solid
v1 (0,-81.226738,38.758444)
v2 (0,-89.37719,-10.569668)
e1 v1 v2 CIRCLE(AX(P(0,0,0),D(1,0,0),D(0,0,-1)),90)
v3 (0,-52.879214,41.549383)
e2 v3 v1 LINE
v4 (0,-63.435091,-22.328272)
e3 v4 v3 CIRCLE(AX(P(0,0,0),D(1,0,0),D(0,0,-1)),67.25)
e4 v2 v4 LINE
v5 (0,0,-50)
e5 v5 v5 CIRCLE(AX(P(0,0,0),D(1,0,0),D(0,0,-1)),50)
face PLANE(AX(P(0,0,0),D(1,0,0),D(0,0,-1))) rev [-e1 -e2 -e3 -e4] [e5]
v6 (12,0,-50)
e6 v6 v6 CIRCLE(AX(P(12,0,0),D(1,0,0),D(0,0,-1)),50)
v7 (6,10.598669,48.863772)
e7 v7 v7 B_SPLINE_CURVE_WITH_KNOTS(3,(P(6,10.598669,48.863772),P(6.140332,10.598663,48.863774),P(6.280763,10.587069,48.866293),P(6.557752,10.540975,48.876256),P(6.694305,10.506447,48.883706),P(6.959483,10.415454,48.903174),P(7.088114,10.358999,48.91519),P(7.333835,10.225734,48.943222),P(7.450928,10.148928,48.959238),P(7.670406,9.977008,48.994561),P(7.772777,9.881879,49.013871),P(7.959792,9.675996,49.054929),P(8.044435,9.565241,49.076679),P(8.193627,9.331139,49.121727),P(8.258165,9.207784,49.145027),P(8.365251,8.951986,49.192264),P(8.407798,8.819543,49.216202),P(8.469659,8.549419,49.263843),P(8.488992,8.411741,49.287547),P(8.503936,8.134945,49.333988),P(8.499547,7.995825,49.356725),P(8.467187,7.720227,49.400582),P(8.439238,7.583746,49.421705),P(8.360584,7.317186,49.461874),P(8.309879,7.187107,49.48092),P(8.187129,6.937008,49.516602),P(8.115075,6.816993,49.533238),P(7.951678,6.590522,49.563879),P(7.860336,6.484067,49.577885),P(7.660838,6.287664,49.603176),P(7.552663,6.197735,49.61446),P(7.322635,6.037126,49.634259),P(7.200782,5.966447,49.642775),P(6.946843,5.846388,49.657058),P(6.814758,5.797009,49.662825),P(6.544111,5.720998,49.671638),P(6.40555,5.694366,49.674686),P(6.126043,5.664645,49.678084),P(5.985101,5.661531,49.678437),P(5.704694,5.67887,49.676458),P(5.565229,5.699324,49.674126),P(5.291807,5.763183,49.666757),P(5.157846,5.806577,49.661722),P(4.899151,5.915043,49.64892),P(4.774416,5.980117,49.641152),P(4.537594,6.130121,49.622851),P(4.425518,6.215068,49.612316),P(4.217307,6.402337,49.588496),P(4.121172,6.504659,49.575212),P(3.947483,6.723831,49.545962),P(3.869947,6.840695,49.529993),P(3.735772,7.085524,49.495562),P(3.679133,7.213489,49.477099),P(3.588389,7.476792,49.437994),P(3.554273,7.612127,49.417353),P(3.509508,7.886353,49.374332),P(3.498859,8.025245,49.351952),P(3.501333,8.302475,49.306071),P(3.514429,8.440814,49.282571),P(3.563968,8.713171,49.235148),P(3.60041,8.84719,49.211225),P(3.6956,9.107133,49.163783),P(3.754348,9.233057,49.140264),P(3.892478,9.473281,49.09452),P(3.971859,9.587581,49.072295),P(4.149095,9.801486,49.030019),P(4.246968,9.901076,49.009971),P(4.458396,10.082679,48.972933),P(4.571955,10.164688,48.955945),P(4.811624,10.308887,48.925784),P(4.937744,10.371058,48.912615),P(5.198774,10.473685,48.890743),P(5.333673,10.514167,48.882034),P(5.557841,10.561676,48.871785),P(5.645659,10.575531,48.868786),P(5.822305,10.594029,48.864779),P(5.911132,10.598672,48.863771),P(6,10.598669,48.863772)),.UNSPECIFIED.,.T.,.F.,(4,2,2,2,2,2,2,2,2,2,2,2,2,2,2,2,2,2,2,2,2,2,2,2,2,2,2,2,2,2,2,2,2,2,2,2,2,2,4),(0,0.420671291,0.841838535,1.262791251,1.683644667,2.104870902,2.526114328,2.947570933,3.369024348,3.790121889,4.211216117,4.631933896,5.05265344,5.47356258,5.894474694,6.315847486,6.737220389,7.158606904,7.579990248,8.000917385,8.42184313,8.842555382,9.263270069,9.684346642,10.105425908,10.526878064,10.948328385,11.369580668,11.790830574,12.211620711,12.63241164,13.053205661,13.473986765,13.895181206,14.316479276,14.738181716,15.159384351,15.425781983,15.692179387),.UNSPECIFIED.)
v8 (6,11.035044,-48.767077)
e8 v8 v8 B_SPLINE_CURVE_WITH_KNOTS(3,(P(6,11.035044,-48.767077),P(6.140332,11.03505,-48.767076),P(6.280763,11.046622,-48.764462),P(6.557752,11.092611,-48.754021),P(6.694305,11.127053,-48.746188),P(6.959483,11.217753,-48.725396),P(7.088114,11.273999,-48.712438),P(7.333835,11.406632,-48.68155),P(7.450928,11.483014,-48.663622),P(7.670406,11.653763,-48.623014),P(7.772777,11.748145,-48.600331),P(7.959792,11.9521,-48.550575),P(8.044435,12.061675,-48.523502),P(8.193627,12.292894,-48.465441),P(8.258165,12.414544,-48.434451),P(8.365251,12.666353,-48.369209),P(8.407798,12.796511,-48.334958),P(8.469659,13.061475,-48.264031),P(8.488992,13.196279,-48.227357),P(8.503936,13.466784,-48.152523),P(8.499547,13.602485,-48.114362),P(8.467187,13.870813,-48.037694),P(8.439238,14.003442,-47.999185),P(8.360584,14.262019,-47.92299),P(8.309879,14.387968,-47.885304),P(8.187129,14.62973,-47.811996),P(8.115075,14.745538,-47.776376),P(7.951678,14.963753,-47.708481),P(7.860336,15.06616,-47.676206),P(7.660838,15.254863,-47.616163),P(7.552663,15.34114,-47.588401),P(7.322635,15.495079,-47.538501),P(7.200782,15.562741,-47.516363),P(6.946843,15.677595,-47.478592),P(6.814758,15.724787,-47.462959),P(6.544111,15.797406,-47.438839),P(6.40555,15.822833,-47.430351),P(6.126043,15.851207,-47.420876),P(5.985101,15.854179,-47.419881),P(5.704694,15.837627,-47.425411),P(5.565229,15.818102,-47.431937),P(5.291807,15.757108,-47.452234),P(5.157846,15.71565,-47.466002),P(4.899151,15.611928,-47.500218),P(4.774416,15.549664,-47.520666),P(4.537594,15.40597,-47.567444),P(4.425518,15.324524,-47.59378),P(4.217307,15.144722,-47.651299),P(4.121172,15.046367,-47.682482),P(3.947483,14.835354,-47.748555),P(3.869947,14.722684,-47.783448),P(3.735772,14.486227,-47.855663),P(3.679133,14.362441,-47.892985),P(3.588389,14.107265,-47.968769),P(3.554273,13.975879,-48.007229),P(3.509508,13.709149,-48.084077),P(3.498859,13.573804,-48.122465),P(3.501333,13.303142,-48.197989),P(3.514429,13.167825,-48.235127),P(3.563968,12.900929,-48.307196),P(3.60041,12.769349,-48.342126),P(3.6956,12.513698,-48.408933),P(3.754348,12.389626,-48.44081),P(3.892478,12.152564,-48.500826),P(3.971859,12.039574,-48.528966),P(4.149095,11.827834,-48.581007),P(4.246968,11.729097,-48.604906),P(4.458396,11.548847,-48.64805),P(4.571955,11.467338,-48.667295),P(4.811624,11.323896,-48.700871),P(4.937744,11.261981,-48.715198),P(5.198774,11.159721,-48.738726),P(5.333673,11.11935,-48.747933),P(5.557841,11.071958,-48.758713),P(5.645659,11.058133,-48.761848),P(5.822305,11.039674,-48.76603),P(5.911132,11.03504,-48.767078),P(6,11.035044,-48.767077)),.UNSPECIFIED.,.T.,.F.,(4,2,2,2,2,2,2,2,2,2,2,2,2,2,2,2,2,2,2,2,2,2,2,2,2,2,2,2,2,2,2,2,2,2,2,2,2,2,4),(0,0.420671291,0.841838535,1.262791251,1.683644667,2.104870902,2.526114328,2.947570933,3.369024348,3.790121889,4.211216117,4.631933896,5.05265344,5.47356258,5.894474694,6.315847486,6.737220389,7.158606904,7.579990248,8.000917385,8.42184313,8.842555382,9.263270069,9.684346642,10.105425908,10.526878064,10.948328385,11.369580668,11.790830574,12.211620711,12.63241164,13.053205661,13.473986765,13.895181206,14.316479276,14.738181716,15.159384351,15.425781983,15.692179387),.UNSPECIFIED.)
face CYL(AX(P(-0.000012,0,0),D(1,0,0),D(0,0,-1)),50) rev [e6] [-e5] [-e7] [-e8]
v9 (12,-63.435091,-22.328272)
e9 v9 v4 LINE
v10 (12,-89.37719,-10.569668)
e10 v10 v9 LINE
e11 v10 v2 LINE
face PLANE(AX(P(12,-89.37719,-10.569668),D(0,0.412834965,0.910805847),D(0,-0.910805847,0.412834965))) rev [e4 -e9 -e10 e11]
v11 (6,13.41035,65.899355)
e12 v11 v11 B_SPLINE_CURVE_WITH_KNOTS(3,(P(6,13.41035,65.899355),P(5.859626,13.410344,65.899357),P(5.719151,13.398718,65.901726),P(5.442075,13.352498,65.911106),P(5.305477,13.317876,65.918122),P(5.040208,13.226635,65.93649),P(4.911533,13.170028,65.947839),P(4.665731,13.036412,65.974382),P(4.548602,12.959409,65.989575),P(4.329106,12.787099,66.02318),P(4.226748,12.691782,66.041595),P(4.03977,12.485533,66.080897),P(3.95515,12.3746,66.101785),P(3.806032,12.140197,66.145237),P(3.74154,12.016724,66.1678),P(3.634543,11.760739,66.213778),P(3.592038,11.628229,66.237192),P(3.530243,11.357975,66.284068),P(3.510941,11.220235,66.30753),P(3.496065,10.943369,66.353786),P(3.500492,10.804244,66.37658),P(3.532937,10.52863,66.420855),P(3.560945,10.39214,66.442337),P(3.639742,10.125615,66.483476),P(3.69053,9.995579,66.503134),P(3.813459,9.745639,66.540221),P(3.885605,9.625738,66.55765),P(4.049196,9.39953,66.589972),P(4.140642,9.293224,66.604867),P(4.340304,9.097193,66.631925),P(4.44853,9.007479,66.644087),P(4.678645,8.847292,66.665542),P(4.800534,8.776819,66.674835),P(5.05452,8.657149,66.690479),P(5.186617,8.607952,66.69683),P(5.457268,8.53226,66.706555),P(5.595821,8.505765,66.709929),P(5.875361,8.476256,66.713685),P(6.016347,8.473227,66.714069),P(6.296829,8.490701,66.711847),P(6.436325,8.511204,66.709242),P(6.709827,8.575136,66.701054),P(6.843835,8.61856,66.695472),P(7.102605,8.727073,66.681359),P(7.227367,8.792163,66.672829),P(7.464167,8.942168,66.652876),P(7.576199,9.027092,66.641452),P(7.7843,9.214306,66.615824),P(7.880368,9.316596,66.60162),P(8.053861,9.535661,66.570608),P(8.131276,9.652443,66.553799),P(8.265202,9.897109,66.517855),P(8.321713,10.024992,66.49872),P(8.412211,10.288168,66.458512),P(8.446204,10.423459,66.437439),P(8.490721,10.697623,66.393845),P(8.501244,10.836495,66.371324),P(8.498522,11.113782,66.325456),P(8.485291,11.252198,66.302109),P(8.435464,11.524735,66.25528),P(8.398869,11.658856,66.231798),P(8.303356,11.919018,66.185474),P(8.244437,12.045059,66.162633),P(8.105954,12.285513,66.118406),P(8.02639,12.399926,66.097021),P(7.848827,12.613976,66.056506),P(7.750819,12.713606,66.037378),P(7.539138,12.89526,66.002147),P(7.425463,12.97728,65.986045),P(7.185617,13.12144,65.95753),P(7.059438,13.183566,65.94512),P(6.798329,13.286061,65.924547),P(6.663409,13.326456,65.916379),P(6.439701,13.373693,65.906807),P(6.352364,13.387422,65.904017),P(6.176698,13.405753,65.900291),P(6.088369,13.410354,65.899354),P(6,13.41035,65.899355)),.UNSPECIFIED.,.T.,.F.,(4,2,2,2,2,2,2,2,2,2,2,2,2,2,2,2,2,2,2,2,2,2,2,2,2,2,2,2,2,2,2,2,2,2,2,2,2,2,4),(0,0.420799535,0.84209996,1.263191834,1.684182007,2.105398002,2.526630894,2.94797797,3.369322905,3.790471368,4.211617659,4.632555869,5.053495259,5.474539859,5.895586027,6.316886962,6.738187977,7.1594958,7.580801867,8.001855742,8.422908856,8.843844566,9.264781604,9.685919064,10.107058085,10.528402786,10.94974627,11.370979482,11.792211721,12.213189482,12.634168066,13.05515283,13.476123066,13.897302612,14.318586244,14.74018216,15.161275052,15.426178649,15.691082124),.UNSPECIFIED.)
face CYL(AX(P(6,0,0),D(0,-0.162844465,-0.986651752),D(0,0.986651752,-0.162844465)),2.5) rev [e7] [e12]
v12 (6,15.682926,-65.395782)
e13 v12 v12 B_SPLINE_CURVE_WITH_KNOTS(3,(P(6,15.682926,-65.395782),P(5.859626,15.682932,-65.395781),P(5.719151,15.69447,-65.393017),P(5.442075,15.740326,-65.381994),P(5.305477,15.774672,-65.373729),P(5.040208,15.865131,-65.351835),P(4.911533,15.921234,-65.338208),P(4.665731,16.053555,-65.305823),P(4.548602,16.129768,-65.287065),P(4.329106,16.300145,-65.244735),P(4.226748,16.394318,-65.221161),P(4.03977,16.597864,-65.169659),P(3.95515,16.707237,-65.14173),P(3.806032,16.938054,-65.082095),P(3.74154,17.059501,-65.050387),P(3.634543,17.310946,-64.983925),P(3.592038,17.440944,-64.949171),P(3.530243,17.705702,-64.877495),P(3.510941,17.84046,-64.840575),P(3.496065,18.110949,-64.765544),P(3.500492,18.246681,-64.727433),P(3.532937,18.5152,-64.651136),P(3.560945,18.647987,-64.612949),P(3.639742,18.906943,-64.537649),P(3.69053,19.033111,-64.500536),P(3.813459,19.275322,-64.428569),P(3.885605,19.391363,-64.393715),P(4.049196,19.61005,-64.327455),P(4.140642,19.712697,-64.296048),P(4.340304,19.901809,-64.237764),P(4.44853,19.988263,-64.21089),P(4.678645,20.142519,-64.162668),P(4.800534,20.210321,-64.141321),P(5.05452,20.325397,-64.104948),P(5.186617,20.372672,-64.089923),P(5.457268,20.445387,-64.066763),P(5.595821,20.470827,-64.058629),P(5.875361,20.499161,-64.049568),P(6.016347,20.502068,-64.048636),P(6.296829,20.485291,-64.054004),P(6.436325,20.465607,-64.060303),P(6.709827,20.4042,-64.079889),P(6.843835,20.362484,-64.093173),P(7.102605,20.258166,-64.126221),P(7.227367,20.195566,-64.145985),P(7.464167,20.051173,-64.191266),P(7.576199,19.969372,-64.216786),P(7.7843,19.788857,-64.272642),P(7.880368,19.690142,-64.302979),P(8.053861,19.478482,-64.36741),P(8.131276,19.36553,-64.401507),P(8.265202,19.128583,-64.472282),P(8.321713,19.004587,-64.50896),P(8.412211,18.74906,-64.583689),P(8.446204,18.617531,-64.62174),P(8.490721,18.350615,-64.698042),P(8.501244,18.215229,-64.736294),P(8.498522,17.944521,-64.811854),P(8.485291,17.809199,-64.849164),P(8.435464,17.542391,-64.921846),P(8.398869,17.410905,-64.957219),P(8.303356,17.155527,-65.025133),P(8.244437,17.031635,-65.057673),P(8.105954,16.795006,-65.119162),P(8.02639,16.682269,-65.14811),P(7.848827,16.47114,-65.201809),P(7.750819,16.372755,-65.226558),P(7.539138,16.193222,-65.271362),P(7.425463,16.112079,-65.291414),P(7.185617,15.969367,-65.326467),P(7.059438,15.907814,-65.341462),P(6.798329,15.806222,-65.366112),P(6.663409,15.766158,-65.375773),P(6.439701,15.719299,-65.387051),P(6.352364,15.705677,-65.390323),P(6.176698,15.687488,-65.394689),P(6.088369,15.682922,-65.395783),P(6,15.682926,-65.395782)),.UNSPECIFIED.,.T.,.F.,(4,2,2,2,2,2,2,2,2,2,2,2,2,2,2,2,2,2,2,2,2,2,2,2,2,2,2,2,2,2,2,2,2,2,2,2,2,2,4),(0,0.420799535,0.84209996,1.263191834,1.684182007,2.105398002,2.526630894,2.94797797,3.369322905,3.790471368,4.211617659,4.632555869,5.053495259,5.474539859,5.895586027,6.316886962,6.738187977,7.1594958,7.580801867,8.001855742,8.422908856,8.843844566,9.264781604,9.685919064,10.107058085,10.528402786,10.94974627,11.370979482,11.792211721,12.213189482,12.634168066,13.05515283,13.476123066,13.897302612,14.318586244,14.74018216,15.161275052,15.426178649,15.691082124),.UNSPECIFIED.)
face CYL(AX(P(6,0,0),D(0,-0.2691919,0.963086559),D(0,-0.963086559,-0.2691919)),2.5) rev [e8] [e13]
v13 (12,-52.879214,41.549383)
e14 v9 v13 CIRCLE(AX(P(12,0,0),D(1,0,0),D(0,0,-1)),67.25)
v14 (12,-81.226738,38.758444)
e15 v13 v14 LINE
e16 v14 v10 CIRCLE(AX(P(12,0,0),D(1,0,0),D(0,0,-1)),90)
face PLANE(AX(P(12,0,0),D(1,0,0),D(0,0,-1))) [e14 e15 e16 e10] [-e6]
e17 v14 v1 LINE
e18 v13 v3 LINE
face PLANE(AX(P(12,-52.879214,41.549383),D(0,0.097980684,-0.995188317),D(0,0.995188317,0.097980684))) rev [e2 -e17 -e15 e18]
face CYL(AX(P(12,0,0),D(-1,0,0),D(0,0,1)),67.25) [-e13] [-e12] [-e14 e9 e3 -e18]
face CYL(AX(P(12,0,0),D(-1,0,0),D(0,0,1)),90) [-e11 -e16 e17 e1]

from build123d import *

# Parameters (mm, degrees)
SKETCH_1_R               = 67.25
EXTRUDE_1_DEPTH          = 12
EXTRUDE_2_DEPTH          = 12
CUT_EXTRUDE_1_DEPTH      = 113.989214087
CUT_EXTRUDE_1_DEPTH_BACK = 113.989214087
SKETCH_3_R               = 50


with BuildPart() as part:
    # ｽｹｯﾁ1 → ﾎﾞｽ - 押し出し1 (new body)
    with BuildSketch(Plane(origin=(0, 0, 0), x_dir=(0, 0, -1), z_dir=(1, 0, 0))):
        Circle(SKETCH_1_R)
    extrude(amount=EXTRUDE_1_DEPTH)

    # ｽｹｯﾁ2 → ﾎﾞｽ - 押し出し2 (add)
    with BuildSketch(Plane(origin=(0, 0, 0), x_dir=(0, 0, -1), z_dir=(1, 0, 0))):
        with BuildLine():
            Line((-41.549382629, -52.879214282), (-38.758443712, -81.226738461))
            ThreePointArc((-38.758443712, -81.226738461), (-14.671715608, -88.796062757), (10.569667713, -89.37719018))
            Line((10.569667713, -89.37719018), (22.328272087, -63.435090964))
            Line((22.328272087, -63.435090964), (-41.549382629, -52.879214282))
        make_face()
    extrude(amount=EXTRUDE_2_DEPTH)

    # ｽｹｯﾁ3 → ｶｯﾄ - 押し出し1 (cut, two sides: drawn at the far end of the back side and taken through both)
    with BuildSketch(Plane(origin=(0, 0, 0), x_dir=(0, 0, -1), z_dir=(1, 0, 0)).offset(-CUT_EXTRUDE_1_DEPTH_BACK)):
        Circle(SKETCH_3_R)
    extrude(amount=CUT_EXTRUDE_1_DEPTH + CUT_EXTRUDE_1_DEPTH_BACK, mode=Mode.SUBTRACT)

    # ｽｹｯﾁ4 → ｶｯﾄ - 回転1 (revolve, cut)
    with BuildSketch(Plane(origin=(6, 0, 0), x_dir=(0, 0, -1), z_dir=(1, 0, 0)), mode=Mode.PRIVATE) as cut_revolve_1_sk:
        Polygon((-44.399328848, 7.328000946), (-73.998881413, 12.21333491), (-74.405992577, 9.74670553), (-44.806440011, 4.861371566), align=None)
    revolve(cut_revolve_1_sk.sketch.rotate(Axis((6, 0, 0), (0, 0.1628444654719115, 0.9866517521725523)), 180), axis=Axis((6, 0, 0), (0, 0.1628444654719115, 0.9866517521725523)), mode=Mode.SUBTRACT)

    # ｽｹｯﾁ5 → ｶｯﾄ - 回転2 (revolve, cut)
    with BuildSketch(Plane(origin=(6, 0, 0), x_dir=(0, 0, -1), z_dir=(1, 0, 0)), mode=Mode.PRIVATE) as cut_revolve_2_sk:
        Polygon((43.338895176, 12.113635497), (72.231491959, 20.189392495), (71.55851221, 22.597108894), (42.665915426, 14.521351896), align=None)
    revolve(cut_revolve_2_sk.sketch.rotate(Axis((6, 0, 0), (0, 0.2691918999319745, -0.9630865594592284)), 180), axis=Axis((6, 0, 0), (0, 0.2691918999319745, -0.9630865594592284)), mode=Mode.SUBTRACT)


solid = part.part
